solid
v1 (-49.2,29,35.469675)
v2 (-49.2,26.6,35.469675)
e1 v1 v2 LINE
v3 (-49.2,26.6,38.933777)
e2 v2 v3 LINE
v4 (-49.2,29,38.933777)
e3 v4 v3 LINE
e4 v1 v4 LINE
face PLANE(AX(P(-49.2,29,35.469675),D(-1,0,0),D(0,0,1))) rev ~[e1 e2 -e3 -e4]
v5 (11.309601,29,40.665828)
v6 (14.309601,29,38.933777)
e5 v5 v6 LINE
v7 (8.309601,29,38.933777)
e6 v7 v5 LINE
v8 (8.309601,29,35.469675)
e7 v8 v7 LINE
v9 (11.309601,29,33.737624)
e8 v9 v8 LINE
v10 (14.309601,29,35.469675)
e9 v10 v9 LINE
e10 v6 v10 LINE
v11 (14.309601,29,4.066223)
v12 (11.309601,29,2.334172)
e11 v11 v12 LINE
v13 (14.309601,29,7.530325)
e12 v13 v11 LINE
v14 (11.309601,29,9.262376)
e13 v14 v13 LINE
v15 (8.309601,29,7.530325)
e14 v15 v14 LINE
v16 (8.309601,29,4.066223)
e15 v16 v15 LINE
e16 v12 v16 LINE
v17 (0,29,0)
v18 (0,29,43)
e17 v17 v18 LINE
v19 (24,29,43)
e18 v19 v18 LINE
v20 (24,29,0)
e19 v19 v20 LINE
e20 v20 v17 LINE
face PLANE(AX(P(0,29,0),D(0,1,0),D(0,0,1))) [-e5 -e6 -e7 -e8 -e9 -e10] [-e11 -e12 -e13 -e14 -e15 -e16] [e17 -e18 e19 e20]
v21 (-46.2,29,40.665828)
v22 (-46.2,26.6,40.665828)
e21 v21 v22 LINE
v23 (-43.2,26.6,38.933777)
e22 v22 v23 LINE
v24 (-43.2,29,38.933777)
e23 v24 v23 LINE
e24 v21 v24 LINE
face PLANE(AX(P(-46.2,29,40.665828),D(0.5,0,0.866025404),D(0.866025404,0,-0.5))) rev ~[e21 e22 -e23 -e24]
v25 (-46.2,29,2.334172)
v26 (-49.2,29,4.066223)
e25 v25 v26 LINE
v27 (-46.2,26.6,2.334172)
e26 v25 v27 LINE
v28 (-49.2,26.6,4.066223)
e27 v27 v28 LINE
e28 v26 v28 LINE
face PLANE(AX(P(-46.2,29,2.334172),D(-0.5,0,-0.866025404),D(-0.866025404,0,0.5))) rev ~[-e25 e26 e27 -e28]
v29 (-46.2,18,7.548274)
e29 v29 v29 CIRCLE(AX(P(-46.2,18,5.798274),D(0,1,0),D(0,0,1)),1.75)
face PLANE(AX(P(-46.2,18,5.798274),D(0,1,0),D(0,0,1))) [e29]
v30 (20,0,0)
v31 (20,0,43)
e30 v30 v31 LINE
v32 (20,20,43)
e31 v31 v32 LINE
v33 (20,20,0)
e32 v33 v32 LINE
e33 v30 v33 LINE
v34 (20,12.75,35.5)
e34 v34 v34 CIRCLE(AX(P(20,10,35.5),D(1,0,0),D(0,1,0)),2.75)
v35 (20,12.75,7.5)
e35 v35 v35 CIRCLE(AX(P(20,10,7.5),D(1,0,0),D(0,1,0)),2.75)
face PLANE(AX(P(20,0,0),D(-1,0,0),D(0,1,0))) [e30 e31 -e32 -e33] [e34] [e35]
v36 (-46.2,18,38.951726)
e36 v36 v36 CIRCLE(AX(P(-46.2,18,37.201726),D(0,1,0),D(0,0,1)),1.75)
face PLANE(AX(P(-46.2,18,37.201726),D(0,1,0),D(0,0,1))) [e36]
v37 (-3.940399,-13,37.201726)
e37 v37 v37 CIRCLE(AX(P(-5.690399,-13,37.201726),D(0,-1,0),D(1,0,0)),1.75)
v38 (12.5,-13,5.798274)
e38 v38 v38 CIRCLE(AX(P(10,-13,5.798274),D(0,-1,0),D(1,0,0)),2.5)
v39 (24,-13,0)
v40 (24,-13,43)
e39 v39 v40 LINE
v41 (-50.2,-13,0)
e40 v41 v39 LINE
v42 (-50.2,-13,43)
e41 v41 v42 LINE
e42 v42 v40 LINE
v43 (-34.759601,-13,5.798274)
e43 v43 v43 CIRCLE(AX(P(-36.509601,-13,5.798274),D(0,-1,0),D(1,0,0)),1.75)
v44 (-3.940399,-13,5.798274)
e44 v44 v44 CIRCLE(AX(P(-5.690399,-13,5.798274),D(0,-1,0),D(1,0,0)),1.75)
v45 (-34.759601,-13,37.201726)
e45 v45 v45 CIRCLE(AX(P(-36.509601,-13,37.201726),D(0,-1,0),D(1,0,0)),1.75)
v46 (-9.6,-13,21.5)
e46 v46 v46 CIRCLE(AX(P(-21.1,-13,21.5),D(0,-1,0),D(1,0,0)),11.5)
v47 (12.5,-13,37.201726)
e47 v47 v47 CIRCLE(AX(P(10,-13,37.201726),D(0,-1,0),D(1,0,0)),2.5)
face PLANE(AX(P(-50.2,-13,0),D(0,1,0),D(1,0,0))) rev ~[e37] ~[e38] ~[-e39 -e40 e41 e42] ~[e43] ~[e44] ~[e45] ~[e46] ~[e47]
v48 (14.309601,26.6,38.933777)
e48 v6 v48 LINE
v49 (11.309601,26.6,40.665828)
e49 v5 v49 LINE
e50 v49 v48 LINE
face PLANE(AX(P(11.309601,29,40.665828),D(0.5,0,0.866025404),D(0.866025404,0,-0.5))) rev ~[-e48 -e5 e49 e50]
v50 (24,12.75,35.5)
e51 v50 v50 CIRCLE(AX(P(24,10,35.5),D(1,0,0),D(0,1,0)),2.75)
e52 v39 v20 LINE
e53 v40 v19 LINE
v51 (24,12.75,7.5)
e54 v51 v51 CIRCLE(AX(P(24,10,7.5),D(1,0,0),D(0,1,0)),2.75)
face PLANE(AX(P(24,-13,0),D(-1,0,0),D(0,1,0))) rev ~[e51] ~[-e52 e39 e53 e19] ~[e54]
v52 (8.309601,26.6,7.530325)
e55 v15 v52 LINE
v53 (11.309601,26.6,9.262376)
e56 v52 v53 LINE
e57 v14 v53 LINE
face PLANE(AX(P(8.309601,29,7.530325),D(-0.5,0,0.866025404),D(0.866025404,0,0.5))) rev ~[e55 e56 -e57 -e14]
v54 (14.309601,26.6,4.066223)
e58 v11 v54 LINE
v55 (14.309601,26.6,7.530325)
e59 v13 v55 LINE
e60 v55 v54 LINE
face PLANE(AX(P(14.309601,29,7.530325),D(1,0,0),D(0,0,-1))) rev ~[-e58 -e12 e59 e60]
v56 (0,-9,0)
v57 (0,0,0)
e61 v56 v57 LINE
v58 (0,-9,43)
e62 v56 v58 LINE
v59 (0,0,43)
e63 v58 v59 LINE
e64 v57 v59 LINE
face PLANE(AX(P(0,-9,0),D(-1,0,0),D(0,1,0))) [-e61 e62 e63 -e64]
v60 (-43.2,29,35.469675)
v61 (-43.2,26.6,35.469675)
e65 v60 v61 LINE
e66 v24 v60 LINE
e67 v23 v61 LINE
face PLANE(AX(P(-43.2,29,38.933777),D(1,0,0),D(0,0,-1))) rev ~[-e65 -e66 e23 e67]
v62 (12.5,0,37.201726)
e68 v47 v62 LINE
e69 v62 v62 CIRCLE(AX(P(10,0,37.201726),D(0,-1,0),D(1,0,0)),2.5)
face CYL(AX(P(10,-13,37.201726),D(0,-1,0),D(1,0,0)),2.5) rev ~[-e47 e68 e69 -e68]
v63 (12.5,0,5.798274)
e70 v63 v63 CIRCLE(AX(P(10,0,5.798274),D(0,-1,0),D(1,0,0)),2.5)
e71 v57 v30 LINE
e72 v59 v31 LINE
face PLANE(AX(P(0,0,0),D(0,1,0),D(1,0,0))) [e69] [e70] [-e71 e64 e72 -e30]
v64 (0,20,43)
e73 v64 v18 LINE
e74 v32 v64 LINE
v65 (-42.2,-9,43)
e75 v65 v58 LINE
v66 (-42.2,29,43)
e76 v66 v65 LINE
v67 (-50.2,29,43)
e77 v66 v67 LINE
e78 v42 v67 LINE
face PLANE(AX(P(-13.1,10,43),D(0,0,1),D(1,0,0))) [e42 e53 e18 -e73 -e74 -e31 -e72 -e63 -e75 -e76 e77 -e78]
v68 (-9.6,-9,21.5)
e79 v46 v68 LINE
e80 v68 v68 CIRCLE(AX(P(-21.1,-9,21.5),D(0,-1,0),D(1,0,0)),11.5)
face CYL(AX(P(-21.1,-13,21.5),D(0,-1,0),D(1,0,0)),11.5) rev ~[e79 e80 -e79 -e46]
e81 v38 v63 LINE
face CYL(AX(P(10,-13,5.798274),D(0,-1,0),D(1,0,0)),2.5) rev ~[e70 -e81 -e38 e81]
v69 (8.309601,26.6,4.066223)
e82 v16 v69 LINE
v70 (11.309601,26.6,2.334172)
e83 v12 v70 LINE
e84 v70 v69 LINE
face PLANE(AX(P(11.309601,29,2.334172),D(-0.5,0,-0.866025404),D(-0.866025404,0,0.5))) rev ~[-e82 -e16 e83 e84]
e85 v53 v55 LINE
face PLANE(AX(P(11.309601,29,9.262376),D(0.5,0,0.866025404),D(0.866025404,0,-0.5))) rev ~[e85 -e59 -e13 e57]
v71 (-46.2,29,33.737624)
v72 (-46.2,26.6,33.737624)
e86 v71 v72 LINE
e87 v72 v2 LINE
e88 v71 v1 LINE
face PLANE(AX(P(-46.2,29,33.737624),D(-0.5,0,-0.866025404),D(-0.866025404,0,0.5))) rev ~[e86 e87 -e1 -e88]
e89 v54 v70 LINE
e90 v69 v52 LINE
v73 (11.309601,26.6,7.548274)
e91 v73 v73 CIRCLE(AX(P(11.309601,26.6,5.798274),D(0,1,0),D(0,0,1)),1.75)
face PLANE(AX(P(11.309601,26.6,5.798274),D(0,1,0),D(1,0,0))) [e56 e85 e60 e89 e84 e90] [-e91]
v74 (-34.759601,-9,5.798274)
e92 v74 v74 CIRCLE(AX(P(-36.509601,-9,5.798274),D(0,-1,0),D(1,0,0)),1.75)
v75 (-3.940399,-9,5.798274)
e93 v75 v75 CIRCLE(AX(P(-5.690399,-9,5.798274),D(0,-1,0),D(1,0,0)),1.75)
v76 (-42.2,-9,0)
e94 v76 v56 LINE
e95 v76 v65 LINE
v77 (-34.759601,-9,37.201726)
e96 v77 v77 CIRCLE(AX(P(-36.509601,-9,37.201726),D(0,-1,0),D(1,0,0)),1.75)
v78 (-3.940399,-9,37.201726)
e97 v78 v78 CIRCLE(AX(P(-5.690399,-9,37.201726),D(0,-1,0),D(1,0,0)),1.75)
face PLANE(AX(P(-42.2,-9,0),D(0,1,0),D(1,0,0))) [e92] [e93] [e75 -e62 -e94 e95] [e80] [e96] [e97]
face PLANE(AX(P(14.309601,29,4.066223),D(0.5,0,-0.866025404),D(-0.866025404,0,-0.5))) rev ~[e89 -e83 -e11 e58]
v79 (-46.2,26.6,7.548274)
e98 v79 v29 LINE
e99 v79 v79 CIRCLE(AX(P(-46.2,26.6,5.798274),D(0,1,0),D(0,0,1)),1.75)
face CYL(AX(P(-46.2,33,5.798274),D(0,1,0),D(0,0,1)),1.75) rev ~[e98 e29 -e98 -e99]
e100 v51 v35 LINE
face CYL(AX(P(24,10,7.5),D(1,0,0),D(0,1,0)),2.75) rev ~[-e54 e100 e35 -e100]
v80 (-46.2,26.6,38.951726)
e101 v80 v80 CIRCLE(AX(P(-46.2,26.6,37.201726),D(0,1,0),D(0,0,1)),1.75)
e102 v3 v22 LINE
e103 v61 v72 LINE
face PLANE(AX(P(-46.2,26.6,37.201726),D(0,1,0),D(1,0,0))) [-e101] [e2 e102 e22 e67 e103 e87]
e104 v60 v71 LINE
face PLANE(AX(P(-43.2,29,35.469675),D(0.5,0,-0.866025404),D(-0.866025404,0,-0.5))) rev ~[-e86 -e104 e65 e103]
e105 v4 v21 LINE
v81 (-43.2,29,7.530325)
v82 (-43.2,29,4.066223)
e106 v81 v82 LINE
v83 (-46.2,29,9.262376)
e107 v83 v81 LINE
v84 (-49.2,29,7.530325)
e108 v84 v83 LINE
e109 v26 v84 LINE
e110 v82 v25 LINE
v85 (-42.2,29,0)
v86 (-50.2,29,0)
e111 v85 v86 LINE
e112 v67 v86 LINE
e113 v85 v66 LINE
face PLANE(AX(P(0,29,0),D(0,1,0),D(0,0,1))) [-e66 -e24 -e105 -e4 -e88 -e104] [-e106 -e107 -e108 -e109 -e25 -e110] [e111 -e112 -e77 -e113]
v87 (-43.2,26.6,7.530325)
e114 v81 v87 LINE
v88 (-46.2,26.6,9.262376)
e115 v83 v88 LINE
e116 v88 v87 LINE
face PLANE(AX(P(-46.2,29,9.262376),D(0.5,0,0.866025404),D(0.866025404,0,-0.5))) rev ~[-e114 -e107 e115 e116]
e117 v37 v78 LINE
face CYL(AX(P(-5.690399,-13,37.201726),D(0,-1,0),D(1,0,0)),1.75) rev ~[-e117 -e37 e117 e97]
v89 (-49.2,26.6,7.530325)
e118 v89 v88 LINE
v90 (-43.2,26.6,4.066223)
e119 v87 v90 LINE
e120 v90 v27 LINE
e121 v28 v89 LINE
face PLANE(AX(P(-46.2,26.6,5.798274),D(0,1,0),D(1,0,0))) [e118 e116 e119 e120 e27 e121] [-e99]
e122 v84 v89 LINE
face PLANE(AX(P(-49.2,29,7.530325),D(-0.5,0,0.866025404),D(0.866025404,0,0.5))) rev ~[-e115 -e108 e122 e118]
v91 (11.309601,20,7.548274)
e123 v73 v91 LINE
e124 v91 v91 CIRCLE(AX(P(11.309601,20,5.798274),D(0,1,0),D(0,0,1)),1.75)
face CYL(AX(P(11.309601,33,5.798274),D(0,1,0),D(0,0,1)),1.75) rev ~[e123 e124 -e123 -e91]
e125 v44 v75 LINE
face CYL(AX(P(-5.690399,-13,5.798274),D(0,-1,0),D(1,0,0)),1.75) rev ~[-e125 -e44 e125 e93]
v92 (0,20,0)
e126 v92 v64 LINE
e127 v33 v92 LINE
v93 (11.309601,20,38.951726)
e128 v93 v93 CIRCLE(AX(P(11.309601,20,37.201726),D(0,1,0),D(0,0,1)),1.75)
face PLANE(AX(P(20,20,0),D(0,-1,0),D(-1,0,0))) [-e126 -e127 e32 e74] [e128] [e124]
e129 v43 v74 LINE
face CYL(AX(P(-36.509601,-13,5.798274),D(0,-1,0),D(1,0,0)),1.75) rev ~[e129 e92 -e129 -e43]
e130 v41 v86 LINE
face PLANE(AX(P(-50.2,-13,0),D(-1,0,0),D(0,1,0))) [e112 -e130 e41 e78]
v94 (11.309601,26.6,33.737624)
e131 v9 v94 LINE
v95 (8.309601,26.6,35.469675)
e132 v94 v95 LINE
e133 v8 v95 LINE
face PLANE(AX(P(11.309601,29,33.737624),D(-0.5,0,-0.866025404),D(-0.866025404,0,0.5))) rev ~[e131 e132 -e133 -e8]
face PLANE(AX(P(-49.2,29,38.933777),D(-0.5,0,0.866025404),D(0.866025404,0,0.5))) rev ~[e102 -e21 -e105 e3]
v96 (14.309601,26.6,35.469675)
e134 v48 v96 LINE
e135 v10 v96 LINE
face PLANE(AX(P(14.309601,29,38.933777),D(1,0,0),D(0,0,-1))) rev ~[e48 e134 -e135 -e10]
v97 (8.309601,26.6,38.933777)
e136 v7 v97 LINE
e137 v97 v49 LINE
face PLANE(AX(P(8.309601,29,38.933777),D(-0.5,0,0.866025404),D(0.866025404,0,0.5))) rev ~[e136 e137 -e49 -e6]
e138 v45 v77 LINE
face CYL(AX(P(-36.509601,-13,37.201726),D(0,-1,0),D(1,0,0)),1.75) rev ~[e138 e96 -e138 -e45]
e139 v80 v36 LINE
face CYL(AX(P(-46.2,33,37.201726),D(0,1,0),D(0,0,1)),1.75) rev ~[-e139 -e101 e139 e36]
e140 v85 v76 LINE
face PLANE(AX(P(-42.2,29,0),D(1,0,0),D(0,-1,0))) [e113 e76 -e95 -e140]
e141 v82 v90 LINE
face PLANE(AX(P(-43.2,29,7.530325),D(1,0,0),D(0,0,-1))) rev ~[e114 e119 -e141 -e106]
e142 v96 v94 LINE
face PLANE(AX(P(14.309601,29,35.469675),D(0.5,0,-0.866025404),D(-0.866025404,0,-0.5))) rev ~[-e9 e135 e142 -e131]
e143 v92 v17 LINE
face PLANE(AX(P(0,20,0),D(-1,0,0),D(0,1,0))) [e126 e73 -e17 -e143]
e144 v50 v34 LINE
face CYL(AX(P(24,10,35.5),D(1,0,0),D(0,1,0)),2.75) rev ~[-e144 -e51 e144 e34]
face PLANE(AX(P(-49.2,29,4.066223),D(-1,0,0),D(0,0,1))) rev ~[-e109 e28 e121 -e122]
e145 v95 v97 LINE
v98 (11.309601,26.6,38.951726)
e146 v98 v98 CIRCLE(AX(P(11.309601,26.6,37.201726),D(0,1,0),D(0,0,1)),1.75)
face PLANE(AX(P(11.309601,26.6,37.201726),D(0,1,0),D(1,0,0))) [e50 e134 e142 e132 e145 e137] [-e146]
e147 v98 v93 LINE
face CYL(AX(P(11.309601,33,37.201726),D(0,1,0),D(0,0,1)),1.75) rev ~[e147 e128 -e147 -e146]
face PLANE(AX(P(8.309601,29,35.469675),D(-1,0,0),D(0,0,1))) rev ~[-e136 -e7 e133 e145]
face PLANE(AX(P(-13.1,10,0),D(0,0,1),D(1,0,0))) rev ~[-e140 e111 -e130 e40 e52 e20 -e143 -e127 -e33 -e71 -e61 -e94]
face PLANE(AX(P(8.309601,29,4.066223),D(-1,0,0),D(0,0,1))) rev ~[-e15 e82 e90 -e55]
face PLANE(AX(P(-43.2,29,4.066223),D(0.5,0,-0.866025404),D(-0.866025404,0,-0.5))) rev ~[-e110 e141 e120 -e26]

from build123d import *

# Parameters (mm, degrees)
SKETCH1_W           = 74.2
SKETCH1_H           = 46
BOSS_EXTRUDE1_DEPTH = 43
SKETCH2_R           = 11.5
SKETCH2_R_2         = 1.75
SKETCH2_R_3         = 2.5
CUT_EXTRUDE1_DEPTH  = 20
SKETCH3_R           = 3.1
SKETCH3_R_2         = 1.75
CUT_EXTRUDE2_DEPTH  = 15
CUT_EXTRUDE3_DEPTH  = 2.4
SKETCH5_R           = 2.75
CUT_EXTRUDE4_DEPTH  = 12.4


with BuildPart() as part:
    # Sketch1 → Boss-Extrude1 (new body)
    with BuildSketch(Plane.XY):
        with Locations((-13.1, 10)):
            Rectangle(SKETCH1_W, SKETCH1_H)
        Polygon((0, 0), (20, 0), (20, 20), (0, 20), (0, 29), (-42.2, 29), (-42.2, -9), (0, -9), align=None, mode=Mode.SUBTRACT)
    extrude(amount=BOSS_EXTRUDE1_DEPTH)

    # Sketch2 → Cut-Extrude1 (cut)
    with BuildSketch(Plane.XZ.offset(13)):
        with Locations((-21.1, 21.5)):
            Circle(SKETCH2_R)
        with Locations((-36.509600894, 37.201726029)):
            Circle(SKETCH2_R_2)
        with Locations((-5.690399106, 5.798273971)):
            Circle(SKETCH2_R_2)
        with Locations((-36.509600894, 5.798273971)):
            Circle(SKETCH2_R_2)
        with Locations((-5.690399106, 37.201726029)):
            Circle(SKETCH2_R_2)
        with Locations((10, 37.201726029)):
            Circle(SKETCH2_R_3)
        with Locations((10, 5.798273971)):
            Circle(SKETCH2_R_3)
    extrude(amount=-CUT_EXTRUDE1_DEPTH, mode=Mode.SUBTRACT)

    # Sketch3 → Cut-Extrude2 (cut)
    with BuildSketch(Plane(origin=(0, 33, 0), x_dir=(1, 0, 0), z_dir=(0, 1, 0))):
        with Locations(Location((-36.509600894, -5.798273971, 0), (0, 0, 270))):
            Circle(SKETCH3_R)
        with Locations(Location((-5.690399106, -5.798273971, 0), (0, 0, 270))):
            Circle(SKETCH3_R)
        with Locations(Location((-5.690399106, -37.201726029, 0), (0, 0, 270))):
            Circle(SKETCH3_R)
        with Locations(Location((-36.509600894, -37.201726029, 0), (0, 0, 270))):
            Circle(SKETCH3_R)
        with Locations(Location((-46.2, -5.798273971, 0), (0, 0, 270))):
            Circle(SKETCH3_R_2)
        with Locations(Location((-46.2, -37.201726029, 0), (0, 0, 270))):
            Circle(SKETCH3_R_2)
        with Locations(Location((11.309600894, -5.798273971, 0), (0, 0, 270))):
            Circle(SKETCH3_R_2)
        with Locations(Location((11.309600894, -37.201726029, 0), (0, 0, 270))):
            Circle(SKETCH3_R_2)
    extrude(amount=-CUT_EXTRUDE2_DEPTH, mode=Mode.SUBTRACT)


with BuildPart() as body_2:
    # Split1: the piece on the far side of the plane
    add(part.part)
    split(bisect_by=Plane.ZX.offset(29), keep=Keep.BOTTOM)

    # Sketch4 → Cut-Extrude3 (cut)
    with BuildSketch(Plane(origin=(0, 29, 0), x_dir=(1, 0, 0), z_dir=(0, 1, 0))):
        Polygon((-46.2, -2.334172356), (-49.2, -4.066223163), (-49.2, -7.530324778), (-46.2, -9.262375586), (-43.2, -7.530324778), (-43.2, -4.066223163), align=None)
        Polygon((-43.2, -35.469675222), (-46.2, -33.737624414), (-49.2, -35.469675222), (-49.2, -38.933776837), (-46.2, -40.665827644), (-43.2, -38.933776837), align=None)
        Polygon((14.309600894, -4.066223163), (11.309600894, -2.334172356), (8.309600894, -4.066223163), (8.309600894, -7.530324778), (11.309600894, -9.262375586), (14.309600894, -7.530324778), align=None)
        Polygon((14.309600894, -35.469675222), (11.309600894, -33.737624414), (8.309600894, -35.469675222), (8.309600894, -38.933776837), (11.309600894, -40.665827644), (14.309600894, -38.933776837), align=None)
    extrude(amount=-CUT_EXTRUDE3_DEPTH, mode=Mode.SUBTRACT)

    # Sketch5 → Cut-Extrude4 (cut)
    with BuildSketch(Plane(origin=(24, 0, 0), x_dir=(0, 0, -1), z_dir=(1, 0, 0))):
        with Locations(Location((-35.5, 10, 0), (0, 0, 90))):
            Circle(SKETCH5_R)
        with Locations(Location((-7.5, 10, 0), (0, 0, 90))):
            Circle(SKETCH5_R)
    extrude(amount=-CUT_EXTRUDE4_DEPTH, mode=Mode.SUBTRACT)


with BuildPart() as part_1:
    add(part.part)

    # Split1
    split(bisect_by=Plane.ZX.offset(29), keep=Keep.TOP)


solid = body_2.part
